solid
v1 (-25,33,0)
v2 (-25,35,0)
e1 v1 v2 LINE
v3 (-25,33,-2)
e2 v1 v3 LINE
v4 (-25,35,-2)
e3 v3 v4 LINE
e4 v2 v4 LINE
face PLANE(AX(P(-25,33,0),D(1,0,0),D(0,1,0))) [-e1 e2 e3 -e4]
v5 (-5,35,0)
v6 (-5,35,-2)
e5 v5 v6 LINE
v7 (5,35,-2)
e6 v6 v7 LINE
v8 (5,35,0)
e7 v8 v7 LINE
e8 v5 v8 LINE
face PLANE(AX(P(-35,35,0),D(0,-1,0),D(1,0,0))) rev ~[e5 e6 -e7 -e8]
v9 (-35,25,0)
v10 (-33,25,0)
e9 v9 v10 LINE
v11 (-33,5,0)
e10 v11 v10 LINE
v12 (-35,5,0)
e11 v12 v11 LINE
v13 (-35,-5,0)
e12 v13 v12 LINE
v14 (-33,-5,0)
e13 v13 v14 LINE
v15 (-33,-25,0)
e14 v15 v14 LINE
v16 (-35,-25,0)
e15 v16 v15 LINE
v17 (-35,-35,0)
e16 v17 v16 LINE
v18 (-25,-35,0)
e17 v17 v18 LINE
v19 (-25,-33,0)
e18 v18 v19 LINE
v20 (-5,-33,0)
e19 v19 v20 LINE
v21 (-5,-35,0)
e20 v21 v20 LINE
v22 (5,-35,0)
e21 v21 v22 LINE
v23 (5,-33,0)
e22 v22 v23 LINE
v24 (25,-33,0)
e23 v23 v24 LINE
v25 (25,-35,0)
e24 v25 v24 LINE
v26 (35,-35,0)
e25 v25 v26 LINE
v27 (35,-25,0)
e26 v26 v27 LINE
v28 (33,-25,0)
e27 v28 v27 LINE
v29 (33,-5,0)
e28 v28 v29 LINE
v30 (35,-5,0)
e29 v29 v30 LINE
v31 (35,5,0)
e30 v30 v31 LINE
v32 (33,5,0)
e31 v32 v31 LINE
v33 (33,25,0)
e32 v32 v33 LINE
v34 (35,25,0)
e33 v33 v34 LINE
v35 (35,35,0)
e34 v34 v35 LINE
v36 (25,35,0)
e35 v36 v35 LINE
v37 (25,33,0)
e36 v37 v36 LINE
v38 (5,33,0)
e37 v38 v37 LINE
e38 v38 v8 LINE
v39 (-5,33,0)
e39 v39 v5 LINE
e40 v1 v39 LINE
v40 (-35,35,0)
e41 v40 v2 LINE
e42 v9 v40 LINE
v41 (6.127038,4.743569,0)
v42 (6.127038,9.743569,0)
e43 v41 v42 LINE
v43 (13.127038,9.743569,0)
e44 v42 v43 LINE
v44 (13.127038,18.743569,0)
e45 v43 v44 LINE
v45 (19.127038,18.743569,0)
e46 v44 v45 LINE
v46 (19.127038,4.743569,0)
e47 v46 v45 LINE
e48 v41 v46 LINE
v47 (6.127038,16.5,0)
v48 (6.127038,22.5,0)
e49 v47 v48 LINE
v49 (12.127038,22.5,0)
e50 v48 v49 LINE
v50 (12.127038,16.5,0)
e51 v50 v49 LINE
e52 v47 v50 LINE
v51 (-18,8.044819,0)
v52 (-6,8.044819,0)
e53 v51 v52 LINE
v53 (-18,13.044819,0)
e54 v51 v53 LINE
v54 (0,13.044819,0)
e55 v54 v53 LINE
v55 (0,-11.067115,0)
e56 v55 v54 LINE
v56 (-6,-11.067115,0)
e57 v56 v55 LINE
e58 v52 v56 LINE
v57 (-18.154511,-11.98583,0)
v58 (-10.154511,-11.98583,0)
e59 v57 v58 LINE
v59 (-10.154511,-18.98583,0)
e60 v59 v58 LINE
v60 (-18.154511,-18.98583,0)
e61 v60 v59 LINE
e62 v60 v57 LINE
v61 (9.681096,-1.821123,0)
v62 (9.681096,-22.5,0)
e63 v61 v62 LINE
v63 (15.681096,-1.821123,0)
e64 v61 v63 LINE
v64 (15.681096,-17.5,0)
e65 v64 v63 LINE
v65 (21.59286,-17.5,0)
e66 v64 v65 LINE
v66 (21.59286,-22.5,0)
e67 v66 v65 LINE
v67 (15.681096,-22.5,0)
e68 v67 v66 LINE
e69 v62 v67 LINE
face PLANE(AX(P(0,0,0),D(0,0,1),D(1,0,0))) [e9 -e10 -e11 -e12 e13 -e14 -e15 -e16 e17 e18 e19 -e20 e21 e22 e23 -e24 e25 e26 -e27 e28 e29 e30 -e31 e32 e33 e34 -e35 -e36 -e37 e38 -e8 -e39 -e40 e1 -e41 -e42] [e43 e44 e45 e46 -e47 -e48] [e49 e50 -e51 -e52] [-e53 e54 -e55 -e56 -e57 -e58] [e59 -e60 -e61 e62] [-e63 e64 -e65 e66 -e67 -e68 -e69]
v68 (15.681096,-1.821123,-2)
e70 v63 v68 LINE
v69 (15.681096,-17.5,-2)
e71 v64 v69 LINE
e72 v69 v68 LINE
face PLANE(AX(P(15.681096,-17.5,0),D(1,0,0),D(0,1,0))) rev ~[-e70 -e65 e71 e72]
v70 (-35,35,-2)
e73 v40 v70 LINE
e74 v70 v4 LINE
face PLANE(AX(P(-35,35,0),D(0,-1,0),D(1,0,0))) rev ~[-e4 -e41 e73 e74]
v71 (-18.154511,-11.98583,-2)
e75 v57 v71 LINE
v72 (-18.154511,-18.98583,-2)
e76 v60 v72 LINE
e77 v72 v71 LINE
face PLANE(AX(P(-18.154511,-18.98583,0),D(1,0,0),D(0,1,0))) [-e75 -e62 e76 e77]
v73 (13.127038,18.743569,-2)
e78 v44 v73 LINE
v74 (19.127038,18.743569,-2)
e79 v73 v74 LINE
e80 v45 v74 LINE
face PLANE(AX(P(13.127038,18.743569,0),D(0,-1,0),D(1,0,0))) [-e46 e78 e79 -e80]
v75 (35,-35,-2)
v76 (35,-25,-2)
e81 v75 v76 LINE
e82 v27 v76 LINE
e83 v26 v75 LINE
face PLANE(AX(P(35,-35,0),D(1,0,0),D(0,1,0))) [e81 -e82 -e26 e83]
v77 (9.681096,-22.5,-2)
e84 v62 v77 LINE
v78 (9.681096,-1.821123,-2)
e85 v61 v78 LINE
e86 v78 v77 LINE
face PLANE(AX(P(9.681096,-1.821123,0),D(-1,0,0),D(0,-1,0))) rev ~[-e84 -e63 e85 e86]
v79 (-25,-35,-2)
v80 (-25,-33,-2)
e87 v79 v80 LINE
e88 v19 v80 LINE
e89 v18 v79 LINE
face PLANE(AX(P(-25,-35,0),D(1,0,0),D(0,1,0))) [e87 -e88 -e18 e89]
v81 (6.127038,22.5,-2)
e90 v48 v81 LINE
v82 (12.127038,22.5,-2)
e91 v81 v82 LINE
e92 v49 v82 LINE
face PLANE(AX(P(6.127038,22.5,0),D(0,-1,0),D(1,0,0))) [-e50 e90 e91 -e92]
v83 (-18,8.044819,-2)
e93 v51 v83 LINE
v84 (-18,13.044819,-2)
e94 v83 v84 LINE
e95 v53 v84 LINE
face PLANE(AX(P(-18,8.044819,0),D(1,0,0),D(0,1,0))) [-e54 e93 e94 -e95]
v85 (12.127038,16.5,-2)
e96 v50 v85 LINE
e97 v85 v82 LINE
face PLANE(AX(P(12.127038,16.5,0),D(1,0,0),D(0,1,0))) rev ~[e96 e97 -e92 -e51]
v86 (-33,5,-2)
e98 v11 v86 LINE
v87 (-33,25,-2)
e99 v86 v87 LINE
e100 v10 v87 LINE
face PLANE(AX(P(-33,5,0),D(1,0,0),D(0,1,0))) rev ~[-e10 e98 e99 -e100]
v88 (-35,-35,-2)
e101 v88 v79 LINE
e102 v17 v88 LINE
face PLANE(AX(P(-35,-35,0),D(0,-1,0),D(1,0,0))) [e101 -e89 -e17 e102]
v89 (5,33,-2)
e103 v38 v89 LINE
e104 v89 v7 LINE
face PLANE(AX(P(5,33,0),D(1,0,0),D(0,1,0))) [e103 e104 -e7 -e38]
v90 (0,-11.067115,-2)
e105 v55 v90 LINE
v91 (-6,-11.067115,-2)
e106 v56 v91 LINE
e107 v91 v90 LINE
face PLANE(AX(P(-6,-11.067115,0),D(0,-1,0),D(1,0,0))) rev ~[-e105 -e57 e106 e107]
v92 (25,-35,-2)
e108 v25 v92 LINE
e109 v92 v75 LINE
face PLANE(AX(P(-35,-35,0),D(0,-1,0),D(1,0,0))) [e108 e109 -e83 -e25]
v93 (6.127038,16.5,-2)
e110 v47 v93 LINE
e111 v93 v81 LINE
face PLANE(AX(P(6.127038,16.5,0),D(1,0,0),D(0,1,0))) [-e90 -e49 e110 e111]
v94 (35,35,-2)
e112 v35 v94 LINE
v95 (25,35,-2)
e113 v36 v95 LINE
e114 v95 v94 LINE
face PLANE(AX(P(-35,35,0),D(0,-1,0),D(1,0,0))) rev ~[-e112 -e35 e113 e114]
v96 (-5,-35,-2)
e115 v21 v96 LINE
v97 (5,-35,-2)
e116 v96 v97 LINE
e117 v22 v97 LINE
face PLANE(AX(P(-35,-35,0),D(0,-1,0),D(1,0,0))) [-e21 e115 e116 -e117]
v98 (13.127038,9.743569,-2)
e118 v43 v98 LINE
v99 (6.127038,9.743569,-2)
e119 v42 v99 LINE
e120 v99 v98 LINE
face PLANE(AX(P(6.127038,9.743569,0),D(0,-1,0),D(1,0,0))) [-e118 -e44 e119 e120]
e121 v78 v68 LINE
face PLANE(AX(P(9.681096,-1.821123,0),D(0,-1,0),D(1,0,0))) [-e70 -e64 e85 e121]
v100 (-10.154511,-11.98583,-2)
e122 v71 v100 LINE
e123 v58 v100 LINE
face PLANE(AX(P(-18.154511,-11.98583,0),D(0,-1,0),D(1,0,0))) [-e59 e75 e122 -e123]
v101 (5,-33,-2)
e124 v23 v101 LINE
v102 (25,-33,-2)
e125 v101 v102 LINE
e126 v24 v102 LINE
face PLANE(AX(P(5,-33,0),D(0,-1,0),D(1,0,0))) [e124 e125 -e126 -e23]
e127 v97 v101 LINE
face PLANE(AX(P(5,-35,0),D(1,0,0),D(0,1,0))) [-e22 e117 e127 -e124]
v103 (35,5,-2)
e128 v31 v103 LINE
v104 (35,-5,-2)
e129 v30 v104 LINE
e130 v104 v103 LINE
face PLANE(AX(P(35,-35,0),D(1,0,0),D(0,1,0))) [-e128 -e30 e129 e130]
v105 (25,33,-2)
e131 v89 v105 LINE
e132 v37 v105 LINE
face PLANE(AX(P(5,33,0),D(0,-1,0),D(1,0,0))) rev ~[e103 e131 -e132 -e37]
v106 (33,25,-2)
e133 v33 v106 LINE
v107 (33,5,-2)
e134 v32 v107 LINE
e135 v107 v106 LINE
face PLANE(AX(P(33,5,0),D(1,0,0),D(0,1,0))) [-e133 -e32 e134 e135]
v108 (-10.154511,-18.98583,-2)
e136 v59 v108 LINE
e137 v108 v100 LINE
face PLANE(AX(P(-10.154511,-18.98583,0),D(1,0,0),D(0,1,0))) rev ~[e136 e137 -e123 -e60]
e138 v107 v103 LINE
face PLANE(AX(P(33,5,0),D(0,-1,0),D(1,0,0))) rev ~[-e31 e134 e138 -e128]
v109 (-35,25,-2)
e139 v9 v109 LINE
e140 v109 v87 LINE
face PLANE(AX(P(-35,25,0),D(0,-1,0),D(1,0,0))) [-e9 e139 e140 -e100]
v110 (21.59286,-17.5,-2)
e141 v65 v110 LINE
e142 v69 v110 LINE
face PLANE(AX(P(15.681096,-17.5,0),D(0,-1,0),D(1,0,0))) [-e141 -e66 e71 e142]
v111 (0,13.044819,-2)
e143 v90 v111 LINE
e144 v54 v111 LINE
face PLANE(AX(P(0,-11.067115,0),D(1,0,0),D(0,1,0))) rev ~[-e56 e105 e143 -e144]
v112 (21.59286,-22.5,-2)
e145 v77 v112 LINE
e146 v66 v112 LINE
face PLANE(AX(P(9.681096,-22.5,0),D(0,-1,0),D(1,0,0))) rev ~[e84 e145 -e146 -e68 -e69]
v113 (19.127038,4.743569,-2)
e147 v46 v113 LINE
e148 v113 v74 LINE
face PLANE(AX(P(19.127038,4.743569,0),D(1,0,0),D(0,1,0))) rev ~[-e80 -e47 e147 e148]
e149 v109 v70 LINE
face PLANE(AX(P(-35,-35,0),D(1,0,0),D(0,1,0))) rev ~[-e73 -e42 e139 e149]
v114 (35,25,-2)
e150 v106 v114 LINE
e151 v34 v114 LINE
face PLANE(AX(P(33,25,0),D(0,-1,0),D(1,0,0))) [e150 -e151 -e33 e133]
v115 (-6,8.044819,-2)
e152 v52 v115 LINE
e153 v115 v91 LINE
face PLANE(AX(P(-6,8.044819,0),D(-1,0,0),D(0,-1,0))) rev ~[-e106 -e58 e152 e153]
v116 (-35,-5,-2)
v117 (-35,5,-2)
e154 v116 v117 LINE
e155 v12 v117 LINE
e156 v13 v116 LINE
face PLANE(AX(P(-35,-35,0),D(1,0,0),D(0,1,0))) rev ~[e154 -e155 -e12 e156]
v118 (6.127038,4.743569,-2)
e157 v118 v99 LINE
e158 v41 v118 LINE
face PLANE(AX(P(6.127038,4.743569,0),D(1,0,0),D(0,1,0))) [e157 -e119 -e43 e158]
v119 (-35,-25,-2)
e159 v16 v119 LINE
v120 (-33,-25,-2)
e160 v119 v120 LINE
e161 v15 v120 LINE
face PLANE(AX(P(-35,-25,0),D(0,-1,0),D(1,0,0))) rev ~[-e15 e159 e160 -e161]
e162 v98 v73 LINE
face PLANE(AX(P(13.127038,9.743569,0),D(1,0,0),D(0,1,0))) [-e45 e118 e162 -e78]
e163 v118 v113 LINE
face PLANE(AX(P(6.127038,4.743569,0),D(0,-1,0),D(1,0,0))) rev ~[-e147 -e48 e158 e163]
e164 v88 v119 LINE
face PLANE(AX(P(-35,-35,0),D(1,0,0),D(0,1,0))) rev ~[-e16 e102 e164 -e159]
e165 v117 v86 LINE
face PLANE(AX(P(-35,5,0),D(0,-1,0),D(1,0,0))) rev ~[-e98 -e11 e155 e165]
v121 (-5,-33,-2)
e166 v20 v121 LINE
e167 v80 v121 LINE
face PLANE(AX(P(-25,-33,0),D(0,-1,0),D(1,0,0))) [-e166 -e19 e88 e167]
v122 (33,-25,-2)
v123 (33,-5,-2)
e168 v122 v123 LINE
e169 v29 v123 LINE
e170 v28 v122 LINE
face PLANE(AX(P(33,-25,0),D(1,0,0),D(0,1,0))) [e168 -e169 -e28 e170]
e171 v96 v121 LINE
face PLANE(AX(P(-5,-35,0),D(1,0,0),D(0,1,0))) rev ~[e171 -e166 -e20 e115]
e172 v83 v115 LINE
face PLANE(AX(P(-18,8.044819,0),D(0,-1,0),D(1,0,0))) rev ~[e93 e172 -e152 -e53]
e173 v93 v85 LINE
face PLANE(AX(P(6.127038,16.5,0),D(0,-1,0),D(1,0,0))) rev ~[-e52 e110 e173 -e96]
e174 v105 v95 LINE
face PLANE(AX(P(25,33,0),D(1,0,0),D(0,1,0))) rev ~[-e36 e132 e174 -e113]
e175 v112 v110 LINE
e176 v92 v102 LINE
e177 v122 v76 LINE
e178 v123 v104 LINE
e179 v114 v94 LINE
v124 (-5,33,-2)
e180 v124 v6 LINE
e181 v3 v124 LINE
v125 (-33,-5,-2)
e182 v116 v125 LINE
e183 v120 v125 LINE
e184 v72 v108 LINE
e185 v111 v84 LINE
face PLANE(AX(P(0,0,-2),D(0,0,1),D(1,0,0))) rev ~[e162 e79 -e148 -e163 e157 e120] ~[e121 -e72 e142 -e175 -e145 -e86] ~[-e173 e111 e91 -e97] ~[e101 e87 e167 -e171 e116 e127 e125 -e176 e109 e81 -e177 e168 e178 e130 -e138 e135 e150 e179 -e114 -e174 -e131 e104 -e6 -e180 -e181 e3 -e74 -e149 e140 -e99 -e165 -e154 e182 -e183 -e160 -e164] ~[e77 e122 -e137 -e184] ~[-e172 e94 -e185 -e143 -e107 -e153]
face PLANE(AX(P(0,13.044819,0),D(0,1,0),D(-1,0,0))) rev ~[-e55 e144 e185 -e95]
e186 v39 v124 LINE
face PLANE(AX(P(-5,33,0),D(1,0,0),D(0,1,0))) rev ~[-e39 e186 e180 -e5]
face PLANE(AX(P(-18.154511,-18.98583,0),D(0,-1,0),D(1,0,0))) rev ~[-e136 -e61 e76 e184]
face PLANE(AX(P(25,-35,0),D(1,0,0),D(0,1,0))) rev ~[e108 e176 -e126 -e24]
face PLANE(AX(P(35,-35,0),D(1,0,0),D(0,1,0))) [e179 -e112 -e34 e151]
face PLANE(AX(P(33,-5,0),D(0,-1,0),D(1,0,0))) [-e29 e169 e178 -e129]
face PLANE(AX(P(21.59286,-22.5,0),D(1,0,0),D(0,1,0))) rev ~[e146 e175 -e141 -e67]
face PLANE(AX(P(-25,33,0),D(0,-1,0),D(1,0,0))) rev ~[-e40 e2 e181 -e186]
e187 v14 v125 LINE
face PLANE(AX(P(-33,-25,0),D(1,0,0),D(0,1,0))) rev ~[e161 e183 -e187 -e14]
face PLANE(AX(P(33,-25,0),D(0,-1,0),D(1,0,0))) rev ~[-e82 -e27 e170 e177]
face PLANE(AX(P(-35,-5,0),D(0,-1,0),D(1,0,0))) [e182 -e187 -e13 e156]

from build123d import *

# Parameters (mm, degrees)
SKETCH1_W           = 70
SKETCH1_H           = 70
BOSS_EXTRUDE1_DEPTH = 2
SKETCH2_W           = 2
SKETCH2_H           = 20
SKETCH2_W_2         = 20
SKETCH2_H_2         = 2
CUT_EXTRUDE1_DEPTH  = 2
SKETCH3_W           = 6
SKETCH3_H           = 14
SKETCH3_W_2         = 7
SKETCH3_H_2         = 5
SKETCH3_H_3         = 6
SKETCH3_H_4         = 11
SKETCH3_H_5         = 9.678877381
SKETCH3_W_3         = 5.911764375
SKETCH3_W_4         = 8
SKETCH3_H_6         = 7
SKETCH3_H_7         = 11.067115318
SKETCH3_H_8         = 13.044819002
SKETCH3_W_5         = 12
CUT_EXTRUDE2_DEPTH  = 10


with BuildPart() as part:
    # Sketch1 → Boss-Extrude1 (new body)
    with BuildSketch(Plane.XY):
        Rectangle(SKETCH1_W, SKETCH1_H)
    extrude(amount=-BOSS_EXTRUDE1_DEPTH)

    # Sketch2 → Cut-Extrude1 (cut)
    with BuildSketch(Plane.XY):
        with Locations((-34, 15)):
            Rectangle(SKETCH2_W, SKETCH2_H)
        with Locations((-34, -15)):
            Rectangle(SKETCH2_W, SKETCH2_H)
        with Locations((-15, -34)):
            Rectangle(SKETCH2_W_2, SKETCH2_H_2)
        with Locations((15, -34)):
            Rectangle(SKETCH2_W_2, SKETCH2_H_2)
        with Locations((34, -15)):
            Rectangle(SKETCH2_W, SKETCH2_H)
        with Locations((34, 15)):
            Rectangle(SKETCH2_W, SKETCH2_H)
        with Locations((15, 34)):
            Rectangle(SKETCH2_W_2, SKETCH2_H_2)
        with Locations((-15, 34)):
            Rectangle(SKETCH2_W_2, SKETCH2_H_2)
    extrude(amount=-CUT_EXTRUDE1_DEPTH, mode=Mode.SUBTRACT)

    # Sketch3 → Cut-Extrude2 (cut)
    with BuildSketch(Plane.XY):
        with Locations((16.127037524, 11.743568931)):
            Rectangle(SKETCH3_W, SKETCH3_H)
        with Locations((9.627037524, 7.243568931)):
            Rectangle(SKETCH3_W_2, SKETCH3_H_2)
        with Locations((9.127037524, 19.5)):
            Rectangle(SKETCH3_W, SKETCH3_H_3)
        with Locations((12.681095539, -7.321122619)):
            Rectangle(SKETCH3_W, SKETCH3_H_4)
        with Locations((12.681095539, -17.66056131)):
            Rectangle(SKETCH3_W, SKETCH3_H_5)
        with Locations((18.636977726, -20)):
            Rectangle(SKETCH3_W_3, SKETCH3_H_2)
        with Locations((-14.154511362, -15.485830005)):
            Rectangle(SKETCH3_W_4, SKETCH3_H_6)
        with Locations((-3, -5.533557659)):
            Rectangle(SKETCH3_W, SKETCH3_H_7)
        with Locations((-3, 6.522409501)):
            Rectangle(SKETCH3_W, SKETCH3_H_8)
        with Locations((-12, 10.544819002)):
            Rectangle(SKETCH3_W_5, SKETCH3_H_2)
    extrude(amount=-CUT_EXTRUDE2_DEPTH, mode=Mode.SUBTRACT)


solid = part.part
